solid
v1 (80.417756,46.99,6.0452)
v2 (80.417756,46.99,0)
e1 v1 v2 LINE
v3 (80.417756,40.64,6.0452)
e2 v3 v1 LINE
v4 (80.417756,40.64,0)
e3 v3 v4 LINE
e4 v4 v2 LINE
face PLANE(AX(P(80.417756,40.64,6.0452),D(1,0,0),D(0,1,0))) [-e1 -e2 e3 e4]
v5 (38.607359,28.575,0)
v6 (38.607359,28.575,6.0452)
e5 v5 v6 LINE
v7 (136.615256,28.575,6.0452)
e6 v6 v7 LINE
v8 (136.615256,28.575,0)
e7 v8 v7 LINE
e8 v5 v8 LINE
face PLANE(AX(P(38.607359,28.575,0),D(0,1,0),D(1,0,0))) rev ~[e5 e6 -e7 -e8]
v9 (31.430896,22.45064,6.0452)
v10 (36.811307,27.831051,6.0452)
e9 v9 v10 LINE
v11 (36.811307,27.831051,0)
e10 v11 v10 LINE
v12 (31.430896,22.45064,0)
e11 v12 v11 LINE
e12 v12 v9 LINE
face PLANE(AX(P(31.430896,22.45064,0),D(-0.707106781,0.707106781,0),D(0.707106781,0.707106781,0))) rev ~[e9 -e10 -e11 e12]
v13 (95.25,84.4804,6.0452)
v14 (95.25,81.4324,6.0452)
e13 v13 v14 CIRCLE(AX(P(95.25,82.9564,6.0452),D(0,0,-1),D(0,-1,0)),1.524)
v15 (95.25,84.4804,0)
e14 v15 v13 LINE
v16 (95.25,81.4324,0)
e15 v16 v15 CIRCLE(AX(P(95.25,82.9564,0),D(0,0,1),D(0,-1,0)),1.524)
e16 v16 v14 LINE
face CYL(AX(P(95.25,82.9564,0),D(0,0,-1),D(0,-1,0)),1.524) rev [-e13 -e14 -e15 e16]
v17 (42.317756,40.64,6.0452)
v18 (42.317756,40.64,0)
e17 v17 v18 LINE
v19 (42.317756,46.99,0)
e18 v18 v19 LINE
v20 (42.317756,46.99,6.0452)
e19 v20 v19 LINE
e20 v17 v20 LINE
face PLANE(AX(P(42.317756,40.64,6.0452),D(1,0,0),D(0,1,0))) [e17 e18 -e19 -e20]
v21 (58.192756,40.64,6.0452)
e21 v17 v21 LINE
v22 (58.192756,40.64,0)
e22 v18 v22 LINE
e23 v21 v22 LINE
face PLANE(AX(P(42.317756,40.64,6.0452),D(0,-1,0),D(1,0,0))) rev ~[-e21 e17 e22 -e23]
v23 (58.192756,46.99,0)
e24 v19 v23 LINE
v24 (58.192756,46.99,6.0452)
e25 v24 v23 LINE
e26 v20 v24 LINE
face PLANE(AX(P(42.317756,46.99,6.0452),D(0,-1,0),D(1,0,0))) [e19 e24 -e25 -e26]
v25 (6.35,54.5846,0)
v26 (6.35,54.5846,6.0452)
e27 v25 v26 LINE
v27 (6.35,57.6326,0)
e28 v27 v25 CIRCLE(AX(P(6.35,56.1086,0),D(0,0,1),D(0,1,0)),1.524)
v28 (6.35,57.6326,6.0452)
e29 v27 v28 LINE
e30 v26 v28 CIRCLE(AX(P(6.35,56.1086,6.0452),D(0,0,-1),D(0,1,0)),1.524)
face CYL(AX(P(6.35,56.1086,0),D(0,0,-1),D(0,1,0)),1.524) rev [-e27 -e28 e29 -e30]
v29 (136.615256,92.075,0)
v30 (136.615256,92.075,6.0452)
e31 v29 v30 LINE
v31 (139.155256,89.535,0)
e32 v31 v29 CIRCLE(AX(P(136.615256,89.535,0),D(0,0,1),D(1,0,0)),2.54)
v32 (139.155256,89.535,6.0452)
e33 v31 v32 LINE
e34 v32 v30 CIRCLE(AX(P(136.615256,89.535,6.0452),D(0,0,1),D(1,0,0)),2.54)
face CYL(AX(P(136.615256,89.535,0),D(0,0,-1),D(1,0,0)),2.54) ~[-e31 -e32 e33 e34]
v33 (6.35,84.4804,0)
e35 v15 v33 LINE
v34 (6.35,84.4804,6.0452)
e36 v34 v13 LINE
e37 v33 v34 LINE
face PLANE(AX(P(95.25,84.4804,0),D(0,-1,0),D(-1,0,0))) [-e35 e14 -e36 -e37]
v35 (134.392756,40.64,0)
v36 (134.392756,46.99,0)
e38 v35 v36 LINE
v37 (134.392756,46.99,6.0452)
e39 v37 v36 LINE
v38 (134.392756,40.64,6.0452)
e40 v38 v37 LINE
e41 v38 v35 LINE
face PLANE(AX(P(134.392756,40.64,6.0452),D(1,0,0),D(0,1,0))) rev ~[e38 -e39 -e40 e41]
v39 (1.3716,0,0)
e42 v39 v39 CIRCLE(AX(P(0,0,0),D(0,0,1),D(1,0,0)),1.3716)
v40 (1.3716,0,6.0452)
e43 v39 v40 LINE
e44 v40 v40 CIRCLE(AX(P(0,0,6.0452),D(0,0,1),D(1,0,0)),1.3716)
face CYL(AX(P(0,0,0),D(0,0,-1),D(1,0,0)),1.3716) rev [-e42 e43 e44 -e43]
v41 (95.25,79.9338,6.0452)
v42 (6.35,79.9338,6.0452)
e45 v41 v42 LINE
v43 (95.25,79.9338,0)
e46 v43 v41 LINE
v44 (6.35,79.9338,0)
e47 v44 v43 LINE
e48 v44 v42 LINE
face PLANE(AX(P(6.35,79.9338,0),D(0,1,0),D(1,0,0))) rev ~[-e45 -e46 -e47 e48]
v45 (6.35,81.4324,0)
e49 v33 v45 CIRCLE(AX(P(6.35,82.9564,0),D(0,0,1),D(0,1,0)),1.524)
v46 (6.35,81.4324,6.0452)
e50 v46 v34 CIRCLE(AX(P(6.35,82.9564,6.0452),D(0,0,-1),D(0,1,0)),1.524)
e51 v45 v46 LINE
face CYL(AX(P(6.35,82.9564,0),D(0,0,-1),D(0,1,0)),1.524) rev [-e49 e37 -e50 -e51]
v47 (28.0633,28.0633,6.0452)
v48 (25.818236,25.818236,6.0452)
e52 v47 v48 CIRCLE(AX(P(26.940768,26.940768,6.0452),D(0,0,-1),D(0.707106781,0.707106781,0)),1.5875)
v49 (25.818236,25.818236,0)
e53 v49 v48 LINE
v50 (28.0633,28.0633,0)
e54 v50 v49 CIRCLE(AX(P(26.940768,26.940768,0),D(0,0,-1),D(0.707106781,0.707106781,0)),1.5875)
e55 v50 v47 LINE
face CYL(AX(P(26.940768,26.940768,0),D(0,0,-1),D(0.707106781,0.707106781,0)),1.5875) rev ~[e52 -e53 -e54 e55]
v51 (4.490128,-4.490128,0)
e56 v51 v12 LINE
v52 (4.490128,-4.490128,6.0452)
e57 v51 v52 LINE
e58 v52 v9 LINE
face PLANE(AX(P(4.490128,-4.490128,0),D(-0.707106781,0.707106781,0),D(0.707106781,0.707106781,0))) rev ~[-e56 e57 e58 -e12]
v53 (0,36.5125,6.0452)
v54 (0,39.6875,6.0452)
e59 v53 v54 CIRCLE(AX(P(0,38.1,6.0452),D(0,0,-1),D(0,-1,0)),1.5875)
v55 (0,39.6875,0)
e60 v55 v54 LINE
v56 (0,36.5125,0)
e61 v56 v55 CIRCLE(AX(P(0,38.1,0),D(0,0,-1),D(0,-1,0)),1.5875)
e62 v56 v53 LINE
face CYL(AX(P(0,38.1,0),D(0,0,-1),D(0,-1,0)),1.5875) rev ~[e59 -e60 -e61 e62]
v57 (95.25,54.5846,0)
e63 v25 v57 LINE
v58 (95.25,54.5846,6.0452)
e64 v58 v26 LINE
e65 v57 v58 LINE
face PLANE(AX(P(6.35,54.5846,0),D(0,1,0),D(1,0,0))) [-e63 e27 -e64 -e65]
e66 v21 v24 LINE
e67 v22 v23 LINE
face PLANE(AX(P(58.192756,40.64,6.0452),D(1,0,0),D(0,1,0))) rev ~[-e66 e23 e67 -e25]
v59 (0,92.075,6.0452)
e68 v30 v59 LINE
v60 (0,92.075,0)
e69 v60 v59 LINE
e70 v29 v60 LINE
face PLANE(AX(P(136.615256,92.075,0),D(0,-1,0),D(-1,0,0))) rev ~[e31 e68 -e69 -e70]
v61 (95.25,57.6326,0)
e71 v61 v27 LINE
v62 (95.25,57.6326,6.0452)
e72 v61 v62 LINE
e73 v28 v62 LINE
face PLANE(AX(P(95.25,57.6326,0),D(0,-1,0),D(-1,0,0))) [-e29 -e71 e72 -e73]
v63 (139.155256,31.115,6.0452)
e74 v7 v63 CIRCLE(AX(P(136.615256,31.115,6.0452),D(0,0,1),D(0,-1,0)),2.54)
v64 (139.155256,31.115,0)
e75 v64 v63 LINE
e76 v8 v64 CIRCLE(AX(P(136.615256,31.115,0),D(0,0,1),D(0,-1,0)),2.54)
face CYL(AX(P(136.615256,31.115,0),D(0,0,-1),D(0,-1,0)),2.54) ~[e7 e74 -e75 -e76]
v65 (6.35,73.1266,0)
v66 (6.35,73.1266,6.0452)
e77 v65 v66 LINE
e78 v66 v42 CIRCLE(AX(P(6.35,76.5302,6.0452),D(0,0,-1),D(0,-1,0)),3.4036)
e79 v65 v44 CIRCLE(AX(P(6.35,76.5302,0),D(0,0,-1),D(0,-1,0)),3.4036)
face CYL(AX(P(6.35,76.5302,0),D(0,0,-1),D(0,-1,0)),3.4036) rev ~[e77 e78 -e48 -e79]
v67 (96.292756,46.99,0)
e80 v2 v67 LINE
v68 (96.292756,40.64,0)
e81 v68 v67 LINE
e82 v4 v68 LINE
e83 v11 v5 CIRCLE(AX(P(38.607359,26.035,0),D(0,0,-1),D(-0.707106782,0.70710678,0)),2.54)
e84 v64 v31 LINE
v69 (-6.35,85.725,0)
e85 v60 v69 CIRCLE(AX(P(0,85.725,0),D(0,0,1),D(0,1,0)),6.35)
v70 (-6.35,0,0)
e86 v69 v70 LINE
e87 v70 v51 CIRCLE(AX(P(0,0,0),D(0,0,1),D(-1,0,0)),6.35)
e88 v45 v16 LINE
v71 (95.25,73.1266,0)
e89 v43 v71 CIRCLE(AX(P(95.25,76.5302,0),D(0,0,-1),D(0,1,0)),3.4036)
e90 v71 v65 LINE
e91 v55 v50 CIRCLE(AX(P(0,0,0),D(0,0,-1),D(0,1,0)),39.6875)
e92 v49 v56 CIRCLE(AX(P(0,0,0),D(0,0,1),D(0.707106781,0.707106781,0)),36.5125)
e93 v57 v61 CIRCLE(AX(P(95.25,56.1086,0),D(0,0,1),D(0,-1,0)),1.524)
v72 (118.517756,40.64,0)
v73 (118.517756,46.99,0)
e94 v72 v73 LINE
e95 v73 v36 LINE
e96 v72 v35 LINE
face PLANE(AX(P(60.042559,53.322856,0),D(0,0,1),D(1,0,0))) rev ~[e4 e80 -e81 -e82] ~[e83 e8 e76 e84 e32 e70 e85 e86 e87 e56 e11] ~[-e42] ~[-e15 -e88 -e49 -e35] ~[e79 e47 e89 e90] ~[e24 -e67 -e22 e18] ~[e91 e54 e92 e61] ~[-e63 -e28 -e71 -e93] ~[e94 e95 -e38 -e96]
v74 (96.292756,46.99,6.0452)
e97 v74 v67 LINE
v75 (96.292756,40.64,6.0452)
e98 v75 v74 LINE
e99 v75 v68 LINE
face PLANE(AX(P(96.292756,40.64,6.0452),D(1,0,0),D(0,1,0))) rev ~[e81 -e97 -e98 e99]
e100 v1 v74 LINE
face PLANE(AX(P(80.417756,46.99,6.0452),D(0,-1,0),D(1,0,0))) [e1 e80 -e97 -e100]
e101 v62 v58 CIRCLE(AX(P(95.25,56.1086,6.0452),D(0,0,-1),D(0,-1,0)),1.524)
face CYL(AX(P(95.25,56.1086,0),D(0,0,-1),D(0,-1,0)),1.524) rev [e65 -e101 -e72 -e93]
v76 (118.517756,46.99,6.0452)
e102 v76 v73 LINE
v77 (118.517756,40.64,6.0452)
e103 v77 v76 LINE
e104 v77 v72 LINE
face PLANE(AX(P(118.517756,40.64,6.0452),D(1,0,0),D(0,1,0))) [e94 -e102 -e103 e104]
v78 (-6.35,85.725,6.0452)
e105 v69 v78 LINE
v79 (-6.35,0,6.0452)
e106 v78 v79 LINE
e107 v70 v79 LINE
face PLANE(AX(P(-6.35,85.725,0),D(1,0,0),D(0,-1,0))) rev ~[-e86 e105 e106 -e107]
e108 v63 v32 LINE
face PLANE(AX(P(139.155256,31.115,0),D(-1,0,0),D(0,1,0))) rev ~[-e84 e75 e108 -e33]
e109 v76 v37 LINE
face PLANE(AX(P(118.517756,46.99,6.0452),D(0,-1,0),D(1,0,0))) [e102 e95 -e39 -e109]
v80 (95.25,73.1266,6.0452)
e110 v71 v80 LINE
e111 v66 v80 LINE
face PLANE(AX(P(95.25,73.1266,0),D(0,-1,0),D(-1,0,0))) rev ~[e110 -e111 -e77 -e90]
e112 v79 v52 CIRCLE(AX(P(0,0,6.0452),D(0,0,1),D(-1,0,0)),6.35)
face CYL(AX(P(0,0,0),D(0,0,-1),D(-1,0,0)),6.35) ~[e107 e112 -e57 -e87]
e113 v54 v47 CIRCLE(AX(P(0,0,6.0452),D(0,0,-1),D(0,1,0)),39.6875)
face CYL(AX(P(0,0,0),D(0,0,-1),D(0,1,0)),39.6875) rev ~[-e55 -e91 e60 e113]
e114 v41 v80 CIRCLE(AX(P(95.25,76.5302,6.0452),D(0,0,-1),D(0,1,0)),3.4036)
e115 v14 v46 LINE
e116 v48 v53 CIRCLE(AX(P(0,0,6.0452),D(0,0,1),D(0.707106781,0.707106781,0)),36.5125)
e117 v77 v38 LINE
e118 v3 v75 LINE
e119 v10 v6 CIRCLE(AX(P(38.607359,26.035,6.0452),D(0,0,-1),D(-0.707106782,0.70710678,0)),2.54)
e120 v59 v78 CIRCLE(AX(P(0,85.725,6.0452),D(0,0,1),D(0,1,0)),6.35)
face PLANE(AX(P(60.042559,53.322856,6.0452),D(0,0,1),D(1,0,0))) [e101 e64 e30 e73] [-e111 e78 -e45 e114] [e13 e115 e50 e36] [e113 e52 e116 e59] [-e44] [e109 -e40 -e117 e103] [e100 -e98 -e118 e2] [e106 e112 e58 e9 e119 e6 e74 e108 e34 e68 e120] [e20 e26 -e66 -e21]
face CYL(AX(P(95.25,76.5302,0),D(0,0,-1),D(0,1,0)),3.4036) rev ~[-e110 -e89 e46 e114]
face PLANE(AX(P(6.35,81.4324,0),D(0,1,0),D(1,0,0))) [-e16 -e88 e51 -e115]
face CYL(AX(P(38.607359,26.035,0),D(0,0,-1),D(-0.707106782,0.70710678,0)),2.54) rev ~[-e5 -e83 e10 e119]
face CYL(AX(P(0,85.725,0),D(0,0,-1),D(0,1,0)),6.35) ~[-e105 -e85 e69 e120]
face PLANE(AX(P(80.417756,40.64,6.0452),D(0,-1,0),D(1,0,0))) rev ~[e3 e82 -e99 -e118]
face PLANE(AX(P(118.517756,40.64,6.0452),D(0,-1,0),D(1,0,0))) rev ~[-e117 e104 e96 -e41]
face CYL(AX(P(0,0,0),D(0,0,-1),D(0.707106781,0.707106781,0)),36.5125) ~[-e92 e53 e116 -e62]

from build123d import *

# Parameters (mm, degrees)
SKETCH1_R           = 1.3716
BOSS_EXTRUDE1_DEPTH = 6.0452
SKETCH2_W           = 15.875
SKETCH2_H           = 6.35
CUT_EXTRUDE1_DEPTH  = 6.0452
CUT_EXTRUDE2_DEPTH  = 7.62


with BuildPart() as part:
    # Sketch1 → Boss-Extrude1 (new body)
    with BuildSketch(Plane.XY):
        with BuildLine():
            Line((-6.35, 85.725), (-6.35, 0))
            ThreePointArc((-6.35, 0), (-2.430039796, -5.866635031), (4.490128061, -4.490128061))
            Line((4.490128061, -4.490128061), (31.430896424, 22.450640303))
            Line((31.430896424, 22.450640303), (36.811307345, 27.831051224))
            ThreePointArc((36.811307345, 27.831051224), (37.635342651, 28.381654013), (38.607358569, 28.575))
            Line((38.607358569, 28.575), (136.615256121, 28.575))
            ThreePointArc((136.615256121, 28.575), (138.411307345, 29.318948776), (139.155256121, 31.115))
            Line((139.155256121, 31.115), (139.155256121, 89.535))
            ThreePointArc((139.155256121, 89.535), (138.411307345, 91.331051224), (136.615256121, 92.075))
            Line((136.615256121, 92.075), (0, 92.075))
            ThreePointArc((0, 92.075), (-4.490128061, 90.215128061), (-6.35, 85.725))
        make_face()
        Circle(SKETCH1_R, mode=Mode.SUBTRACT)
        with BuildLine():
            ThreePointArc((25.818236348, 25.818236348), (13.972728824, 33.733151431), (0, 36.5125))
            ThreePointArc((0, 36.5125), (-1.5875, 38.1), (0, 39.6875))
            ThreePointArc((0, 39.6875), (15.187748722, 36.666468947), (28.063300378, 28.063300378))
            ThreePointArc((28.063300378, 28.063300378), (28.063300378, 25.818236348), (25.818236348, 25.818236348))
        make_face(mode=Mode.SUBTRACT)
    extrude(amount=BOSS_EXTRUDE1_DEPTH)

    # Sketch2 → Cut-Extrude1 (cut)
    with BuildSketch(Plane.XY.offset(6.0452)):
        with Locations((126.455256121, 43.815)):
            Rectangle(SKETCH2_W, SKETCH2_H)
        with Locations((88.355256121, 43.815)):
            Rectangle(SKETCH2_W, SKETCH2_H)
        with Locations((50.255256121, 43.815)):
            Rectangle(SKETCH2_W, SKETCH2_H)
    extrude(amount=-CUT_EXTRUDE1_DEPTH, mode=Mode.SUBTRACT)

    # Sketch3 → Cut-Extrude2 (cut)
    with BuildSketch(Plane(origin=(0, 0, 0), x_dir=(-1, 0, 0), z_dir=(0, 0, -1))):
        with BuildLine():
            Line((-95.25, 84.4804), (-6.35, 84.4804))
            ThreePointArc((-6.35, 84.4804), (-4.826, 82.9564), (-6.35, 81.4324))
            Line((-6.35, 81.4324), (-95.25, 81.4324))
            ThreePointArc((-95.25, 81.4324), (-96.774, 82.9564), (-95.25, 84.4804))
        make_face()
        with BuildLine():
            Line((-95.25, 57.6326), (-6.35, 57.6326))
            ThreePointArc((-6.35, 57.6326), (-4.826, 56.1086), (-6.35, 54.5846))
            Line((-6.35, 54.5846), (-95.25, 54.5846))
            ThreePointArc((-95.25, 54.5846), (-96.774, 56.1086), (-95.25, 57.6326))
        make_face()
        with BuildLine():
            Line((-95.25, 73.1266), (-6.35, 73.1266))
            ThreePointArc((-6.35, 73.1266), (-2.9464, 76.5302), (-6.35, 79.9338))
            Line((-6.35, 79.9338), (-95.25, 79.9338))
            ThreePointArc((-95.25, 79.9338), (-98.6536, 76.5302), (-95.25, 73.1266))
        make_face()
    extrude(amount=-CUT_EXTRUDE2_DEPTH, mode=Mode.SUBTRACT)


solid = part.part
